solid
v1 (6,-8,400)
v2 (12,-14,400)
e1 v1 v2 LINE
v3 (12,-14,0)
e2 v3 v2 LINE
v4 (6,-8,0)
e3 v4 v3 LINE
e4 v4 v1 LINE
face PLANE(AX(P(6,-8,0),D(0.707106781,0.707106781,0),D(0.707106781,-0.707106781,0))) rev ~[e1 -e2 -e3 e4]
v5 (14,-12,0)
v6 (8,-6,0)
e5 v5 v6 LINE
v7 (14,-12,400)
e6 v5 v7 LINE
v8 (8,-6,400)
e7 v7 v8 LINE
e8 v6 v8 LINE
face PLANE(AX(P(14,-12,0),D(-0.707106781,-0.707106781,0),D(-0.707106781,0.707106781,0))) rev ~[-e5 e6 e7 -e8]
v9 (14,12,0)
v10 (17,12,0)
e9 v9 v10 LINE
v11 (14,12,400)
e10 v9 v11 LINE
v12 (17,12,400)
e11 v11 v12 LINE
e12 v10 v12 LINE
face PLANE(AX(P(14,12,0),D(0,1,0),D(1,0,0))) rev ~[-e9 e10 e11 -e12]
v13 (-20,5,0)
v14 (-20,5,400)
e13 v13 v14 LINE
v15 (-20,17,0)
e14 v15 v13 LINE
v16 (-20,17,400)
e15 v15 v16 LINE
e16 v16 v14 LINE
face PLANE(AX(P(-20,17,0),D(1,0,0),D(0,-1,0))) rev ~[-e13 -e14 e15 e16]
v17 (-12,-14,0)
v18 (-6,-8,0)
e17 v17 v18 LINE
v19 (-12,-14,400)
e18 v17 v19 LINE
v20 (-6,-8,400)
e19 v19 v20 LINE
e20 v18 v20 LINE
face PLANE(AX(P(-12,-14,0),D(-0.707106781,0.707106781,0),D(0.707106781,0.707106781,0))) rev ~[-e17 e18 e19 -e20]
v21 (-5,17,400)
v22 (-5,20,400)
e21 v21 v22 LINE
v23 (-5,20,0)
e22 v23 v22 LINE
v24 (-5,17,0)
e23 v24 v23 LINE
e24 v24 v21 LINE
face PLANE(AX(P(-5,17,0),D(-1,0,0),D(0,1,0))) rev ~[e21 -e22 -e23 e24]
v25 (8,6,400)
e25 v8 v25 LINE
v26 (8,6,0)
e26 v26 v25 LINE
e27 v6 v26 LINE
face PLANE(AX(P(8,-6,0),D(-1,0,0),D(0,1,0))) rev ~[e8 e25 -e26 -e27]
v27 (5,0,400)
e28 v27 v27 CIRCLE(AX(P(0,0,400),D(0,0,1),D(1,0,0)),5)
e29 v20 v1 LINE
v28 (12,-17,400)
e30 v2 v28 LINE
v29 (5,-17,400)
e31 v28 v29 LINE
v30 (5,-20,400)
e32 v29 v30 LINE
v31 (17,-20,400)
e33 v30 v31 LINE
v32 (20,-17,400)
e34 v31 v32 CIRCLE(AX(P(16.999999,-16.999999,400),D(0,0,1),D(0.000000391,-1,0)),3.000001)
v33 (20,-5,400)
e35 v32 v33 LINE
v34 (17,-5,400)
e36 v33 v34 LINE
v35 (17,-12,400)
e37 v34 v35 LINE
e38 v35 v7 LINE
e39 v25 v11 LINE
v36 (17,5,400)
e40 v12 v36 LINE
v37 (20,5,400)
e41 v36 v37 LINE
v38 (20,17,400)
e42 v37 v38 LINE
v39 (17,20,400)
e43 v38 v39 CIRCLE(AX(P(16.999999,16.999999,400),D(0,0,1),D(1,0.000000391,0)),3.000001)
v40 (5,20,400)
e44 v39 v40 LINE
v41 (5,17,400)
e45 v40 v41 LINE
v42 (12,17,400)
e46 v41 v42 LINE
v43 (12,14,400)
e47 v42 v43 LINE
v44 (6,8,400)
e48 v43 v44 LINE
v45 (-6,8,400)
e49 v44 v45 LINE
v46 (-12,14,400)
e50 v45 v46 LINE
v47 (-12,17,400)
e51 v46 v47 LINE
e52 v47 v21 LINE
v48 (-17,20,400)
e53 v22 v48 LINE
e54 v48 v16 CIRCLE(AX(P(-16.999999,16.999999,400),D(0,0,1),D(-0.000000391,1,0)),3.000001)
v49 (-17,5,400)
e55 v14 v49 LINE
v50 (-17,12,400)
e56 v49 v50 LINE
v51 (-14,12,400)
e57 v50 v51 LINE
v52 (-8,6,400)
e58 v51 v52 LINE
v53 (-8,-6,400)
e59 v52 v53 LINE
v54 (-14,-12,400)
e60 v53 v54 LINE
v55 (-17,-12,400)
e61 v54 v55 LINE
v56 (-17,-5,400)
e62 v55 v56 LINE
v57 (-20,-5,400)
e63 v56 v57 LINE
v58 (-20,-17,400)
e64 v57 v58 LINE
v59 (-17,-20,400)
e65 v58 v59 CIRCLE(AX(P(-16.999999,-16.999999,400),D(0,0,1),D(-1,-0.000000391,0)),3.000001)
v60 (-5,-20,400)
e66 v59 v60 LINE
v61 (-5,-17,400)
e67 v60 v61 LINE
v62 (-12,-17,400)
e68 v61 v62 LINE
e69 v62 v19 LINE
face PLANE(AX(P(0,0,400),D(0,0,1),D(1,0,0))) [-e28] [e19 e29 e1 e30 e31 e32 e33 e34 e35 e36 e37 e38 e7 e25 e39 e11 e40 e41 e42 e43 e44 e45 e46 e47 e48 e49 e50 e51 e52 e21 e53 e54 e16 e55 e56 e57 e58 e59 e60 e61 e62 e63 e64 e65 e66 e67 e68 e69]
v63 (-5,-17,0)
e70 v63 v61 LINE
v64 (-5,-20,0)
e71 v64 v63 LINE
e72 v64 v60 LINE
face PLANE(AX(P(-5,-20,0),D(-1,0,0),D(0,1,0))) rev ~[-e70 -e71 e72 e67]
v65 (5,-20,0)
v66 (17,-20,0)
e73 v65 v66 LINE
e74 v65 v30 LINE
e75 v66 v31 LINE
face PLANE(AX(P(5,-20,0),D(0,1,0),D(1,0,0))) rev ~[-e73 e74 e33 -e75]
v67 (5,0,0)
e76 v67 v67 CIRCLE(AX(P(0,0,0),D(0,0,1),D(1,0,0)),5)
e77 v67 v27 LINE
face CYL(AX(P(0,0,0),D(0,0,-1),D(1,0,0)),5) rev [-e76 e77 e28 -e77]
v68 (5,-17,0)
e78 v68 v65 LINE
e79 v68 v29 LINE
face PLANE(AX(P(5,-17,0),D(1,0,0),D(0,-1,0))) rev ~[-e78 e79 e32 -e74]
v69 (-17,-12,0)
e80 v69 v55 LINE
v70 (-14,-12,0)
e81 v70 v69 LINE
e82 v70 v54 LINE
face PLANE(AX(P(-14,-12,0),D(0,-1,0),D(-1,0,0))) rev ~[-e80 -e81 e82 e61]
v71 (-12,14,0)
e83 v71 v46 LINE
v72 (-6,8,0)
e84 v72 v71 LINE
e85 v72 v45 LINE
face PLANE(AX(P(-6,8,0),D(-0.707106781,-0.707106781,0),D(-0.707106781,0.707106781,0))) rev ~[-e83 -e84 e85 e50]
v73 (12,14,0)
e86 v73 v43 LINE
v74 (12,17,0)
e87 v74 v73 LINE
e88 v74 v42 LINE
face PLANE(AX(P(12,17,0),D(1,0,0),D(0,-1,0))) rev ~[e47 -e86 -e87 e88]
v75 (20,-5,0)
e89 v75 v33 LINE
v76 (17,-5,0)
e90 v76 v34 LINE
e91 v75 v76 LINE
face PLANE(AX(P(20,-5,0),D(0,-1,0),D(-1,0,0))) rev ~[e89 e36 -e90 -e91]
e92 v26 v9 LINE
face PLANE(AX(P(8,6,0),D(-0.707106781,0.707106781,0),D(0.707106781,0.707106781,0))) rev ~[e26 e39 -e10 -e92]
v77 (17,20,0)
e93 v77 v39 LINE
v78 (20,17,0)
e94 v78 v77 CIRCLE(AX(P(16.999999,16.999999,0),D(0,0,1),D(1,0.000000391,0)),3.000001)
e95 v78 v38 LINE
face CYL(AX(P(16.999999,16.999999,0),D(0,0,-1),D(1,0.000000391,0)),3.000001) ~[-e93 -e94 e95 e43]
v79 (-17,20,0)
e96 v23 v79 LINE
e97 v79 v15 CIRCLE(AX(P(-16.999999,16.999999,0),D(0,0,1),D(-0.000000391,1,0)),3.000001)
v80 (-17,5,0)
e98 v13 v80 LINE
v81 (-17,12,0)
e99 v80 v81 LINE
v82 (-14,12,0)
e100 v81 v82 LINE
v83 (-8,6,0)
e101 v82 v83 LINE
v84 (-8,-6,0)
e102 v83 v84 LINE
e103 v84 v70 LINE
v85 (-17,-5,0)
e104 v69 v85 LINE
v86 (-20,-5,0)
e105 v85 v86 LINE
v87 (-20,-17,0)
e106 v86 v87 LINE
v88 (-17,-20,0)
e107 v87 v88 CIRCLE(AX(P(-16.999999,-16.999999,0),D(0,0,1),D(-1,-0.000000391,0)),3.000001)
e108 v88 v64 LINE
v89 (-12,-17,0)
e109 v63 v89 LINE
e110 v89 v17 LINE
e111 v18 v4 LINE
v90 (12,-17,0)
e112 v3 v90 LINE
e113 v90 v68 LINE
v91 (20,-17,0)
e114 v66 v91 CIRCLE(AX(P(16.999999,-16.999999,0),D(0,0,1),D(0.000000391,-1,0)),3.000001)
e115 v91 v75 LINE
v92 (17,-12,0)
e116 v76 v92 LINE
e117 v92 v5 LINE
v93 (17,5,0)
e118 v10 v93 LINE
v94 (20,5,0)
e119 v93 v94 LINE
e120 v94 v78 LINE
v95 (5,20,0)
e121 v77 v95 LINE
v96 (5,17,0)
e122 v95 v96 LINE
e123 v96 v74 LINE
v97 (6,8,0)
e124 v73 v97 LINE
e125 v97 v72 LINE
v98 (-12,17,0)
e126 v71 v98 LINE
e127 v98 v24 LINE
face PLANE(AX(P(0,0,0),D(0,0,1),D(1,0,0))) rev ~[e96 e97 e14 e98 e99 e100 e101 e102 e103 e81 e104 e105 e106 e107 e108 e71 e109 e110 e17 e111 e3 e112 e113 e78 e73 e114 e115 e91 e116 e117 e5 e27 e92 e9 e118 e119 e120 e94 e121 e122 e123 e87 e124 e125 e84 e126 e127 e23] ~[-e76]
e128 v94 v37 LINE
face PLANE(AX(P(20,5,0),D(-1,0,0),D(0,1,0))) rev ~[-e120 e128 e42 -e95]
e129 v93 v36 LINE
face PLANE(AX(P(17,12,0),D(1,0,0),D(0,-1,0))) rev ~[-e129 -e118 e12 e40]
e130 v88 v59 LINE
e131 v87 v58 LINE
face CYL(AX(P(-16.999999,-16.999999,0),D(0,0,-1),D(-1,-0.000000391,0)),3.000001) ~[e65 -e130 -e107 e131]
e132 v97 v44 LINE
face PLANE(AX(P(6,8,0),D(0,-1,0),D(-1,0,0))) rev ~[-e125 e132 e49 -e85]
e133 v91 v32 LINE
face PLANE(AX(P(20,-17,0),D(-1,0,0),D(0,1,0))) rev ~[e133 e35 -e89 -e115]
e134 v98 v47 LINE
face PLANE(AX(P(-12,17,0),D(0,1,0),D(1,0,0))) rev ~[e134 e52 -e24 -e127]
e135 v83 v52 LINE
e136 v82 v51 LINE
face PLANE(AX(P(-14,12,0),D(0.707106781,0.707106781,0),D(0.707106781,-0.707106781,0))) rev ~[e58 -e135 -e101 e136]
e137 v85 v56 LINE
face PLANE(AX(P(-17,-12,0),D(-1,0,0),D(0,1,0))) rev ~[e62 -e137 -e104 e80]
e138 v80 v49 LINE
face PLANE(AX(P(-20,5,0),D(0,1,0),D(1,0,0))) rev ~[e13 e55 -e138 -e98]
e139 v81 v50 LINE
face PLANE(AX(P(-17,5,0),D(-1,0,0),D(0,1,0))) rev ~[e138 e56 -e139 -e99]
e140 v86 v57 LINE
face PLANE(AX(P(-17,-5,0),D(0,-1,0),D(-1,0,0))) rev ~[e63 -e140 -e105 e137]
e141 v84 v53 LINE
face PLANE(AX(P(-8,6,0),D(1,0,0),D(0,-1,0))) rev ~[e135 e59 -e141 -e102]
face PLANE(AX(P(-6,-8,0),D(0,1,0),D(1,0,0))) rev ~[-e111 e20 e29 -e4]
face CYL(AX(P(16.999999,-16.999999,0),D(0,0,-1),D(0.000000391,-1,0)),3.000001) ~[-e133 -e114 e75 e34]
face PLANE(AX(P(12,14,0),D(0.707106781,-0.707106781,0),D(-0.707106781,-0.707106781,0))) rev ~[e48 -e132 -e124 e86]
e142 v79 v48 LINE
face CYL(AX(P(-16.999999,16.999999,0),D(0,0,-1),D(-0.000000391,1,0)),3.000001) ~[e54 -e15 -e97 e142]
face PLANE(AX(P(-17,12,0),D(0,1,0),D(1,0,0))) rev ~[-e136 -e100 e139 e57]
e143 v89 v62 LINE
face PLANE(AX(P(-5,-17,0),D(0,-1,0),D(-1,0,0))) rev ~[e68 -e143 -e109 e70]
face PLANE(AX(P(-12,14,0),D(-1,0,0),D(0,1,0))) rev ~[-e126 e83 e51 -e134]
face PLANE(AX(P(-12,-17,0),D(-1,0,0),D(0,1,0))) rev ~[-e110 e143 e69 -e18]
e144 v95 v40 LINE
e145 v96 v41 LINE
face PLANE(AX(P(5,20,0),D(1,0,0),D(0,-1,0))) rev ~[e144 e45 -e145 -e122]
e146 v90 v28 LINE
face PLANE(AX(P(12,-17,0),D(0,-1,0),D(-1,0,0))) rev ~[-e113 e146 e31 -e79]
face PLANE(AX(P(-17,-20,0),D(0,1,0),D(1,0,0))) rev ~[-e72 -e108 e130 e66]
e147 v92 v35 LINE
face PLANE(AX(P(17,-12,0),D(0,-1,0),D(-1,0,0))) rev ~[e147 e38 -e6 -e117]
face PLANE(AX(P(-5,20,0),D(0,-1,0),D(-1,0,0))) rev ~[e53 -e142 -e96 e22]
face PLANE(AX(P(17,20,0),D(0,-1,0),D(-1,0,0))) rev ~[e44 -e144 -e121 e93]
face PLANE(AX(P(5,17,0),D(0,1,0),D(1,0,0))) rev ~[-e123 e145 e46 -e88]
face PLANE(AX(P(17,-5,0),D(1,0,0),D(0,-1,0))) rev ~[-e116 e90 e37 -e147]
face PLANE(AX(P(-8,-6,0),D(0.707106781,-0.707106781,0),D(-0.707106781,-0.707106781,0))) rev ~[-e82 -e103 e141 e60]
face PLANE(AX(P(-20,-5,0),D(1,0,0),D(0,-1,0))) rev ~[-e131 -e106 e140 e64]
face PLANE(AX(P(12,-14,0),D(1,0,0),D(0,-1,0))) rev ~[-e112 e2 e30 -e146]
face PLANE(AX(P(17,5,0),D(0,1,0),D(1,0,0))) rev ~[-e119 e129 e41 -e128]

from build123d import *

# Parameters (mm, degrees)
F0_R     = 5
F1_DEPTH = 400


with BuildPart() as f1:
    # F0 (on Top) → F1 (new body)
    with BuildSketch(Plane.XY):
        with BuildLine():
            ThreePointArc((20, 17), (19.12132, 19.12132), (17, 20))
            Line((17, 20), (5, 20))
            Line((5, 20), (5, 17))
            Line((5, 17), (12, 17))
            Line((12, 17), (12, 14))
            Line((12, 14), (6, 8))
            Line((6, 8), (0, 8))
            Line((0, 8), (-6, 8))
            Line((-6, 8), (-12, 14))
            Line((-12, 14), (-12, 17))
            Line((-12, 17), (-5, 17))
            Line((-5, 17), (-5, 20))
            Line((-5, 20), (-17, 20))
            ThreePointArc((-17, 20), (-19.12132, 19.12132), (-20, 17))
            Line((-20, 17), (-20, 5))
            Line((-20, 5), (-17, 5))
            Line((-17, 5), (-17, 12))
            Line((-17, 12), (-14, 12))
            Line((-14, 12), (-8, 6))
            Line((-8, 6), (-8, 0))
            Line((-8, 0), (-8, -6))
            Line((-8, -6), (-14, -12))
            Line((-14, -12), (-17, -12))
            Line((-17, -12), (-17, -5))
            Line((-17, -5), (-20, -5))
            Line((-20, -5), (-20, -17))
            ThreePointArc((-20, -17), (-19.12132, -19.12132), (-17, -20))
            Line((-17, -20), (-5, -20))
            Line((-5, -20), (-5, -17))
            Line((-5, -17), (-12, -17))
            Line((-12, -17), (-12, -14))
            Line((-12, -14), (-6, -8))
            Line((-6, -8), (0, -8))
            Line((0, -8), (6, -8))
            Line((6, -8), (12, -14))
            Line((12, -14), (12, -17))
            Line((12, -17), (5, -17))
            Line((5, -17), (5, -20))
            Line((5, -20), (17, -20))
            ThreePointArc((17, -20), (19.12132, -19.12132), (20, -17))
            Line((20, -17), (20, -5))
            Line((20, -5), (17, -5))
            Line((17, -5), (17, -12))
            Line((17, -12), (14, -12))
            Line((14, -12), (8, -6))
            Line((8, -6), (8, 0))
            Line((8, 0), (8, 6))
            Line((8, 6), (14, 12))
            Line((14, 12), (17, 12))
            Line((17, 12), (17, 5))
            Line((17, 5), (20, 5))
            Line((20, 5), (20, 17))
        make_face()
        Circle(F0_R, mode=Mode.SUBTRACT)
    extrude(amount=F1_DEPTH)


solid = f1.part
